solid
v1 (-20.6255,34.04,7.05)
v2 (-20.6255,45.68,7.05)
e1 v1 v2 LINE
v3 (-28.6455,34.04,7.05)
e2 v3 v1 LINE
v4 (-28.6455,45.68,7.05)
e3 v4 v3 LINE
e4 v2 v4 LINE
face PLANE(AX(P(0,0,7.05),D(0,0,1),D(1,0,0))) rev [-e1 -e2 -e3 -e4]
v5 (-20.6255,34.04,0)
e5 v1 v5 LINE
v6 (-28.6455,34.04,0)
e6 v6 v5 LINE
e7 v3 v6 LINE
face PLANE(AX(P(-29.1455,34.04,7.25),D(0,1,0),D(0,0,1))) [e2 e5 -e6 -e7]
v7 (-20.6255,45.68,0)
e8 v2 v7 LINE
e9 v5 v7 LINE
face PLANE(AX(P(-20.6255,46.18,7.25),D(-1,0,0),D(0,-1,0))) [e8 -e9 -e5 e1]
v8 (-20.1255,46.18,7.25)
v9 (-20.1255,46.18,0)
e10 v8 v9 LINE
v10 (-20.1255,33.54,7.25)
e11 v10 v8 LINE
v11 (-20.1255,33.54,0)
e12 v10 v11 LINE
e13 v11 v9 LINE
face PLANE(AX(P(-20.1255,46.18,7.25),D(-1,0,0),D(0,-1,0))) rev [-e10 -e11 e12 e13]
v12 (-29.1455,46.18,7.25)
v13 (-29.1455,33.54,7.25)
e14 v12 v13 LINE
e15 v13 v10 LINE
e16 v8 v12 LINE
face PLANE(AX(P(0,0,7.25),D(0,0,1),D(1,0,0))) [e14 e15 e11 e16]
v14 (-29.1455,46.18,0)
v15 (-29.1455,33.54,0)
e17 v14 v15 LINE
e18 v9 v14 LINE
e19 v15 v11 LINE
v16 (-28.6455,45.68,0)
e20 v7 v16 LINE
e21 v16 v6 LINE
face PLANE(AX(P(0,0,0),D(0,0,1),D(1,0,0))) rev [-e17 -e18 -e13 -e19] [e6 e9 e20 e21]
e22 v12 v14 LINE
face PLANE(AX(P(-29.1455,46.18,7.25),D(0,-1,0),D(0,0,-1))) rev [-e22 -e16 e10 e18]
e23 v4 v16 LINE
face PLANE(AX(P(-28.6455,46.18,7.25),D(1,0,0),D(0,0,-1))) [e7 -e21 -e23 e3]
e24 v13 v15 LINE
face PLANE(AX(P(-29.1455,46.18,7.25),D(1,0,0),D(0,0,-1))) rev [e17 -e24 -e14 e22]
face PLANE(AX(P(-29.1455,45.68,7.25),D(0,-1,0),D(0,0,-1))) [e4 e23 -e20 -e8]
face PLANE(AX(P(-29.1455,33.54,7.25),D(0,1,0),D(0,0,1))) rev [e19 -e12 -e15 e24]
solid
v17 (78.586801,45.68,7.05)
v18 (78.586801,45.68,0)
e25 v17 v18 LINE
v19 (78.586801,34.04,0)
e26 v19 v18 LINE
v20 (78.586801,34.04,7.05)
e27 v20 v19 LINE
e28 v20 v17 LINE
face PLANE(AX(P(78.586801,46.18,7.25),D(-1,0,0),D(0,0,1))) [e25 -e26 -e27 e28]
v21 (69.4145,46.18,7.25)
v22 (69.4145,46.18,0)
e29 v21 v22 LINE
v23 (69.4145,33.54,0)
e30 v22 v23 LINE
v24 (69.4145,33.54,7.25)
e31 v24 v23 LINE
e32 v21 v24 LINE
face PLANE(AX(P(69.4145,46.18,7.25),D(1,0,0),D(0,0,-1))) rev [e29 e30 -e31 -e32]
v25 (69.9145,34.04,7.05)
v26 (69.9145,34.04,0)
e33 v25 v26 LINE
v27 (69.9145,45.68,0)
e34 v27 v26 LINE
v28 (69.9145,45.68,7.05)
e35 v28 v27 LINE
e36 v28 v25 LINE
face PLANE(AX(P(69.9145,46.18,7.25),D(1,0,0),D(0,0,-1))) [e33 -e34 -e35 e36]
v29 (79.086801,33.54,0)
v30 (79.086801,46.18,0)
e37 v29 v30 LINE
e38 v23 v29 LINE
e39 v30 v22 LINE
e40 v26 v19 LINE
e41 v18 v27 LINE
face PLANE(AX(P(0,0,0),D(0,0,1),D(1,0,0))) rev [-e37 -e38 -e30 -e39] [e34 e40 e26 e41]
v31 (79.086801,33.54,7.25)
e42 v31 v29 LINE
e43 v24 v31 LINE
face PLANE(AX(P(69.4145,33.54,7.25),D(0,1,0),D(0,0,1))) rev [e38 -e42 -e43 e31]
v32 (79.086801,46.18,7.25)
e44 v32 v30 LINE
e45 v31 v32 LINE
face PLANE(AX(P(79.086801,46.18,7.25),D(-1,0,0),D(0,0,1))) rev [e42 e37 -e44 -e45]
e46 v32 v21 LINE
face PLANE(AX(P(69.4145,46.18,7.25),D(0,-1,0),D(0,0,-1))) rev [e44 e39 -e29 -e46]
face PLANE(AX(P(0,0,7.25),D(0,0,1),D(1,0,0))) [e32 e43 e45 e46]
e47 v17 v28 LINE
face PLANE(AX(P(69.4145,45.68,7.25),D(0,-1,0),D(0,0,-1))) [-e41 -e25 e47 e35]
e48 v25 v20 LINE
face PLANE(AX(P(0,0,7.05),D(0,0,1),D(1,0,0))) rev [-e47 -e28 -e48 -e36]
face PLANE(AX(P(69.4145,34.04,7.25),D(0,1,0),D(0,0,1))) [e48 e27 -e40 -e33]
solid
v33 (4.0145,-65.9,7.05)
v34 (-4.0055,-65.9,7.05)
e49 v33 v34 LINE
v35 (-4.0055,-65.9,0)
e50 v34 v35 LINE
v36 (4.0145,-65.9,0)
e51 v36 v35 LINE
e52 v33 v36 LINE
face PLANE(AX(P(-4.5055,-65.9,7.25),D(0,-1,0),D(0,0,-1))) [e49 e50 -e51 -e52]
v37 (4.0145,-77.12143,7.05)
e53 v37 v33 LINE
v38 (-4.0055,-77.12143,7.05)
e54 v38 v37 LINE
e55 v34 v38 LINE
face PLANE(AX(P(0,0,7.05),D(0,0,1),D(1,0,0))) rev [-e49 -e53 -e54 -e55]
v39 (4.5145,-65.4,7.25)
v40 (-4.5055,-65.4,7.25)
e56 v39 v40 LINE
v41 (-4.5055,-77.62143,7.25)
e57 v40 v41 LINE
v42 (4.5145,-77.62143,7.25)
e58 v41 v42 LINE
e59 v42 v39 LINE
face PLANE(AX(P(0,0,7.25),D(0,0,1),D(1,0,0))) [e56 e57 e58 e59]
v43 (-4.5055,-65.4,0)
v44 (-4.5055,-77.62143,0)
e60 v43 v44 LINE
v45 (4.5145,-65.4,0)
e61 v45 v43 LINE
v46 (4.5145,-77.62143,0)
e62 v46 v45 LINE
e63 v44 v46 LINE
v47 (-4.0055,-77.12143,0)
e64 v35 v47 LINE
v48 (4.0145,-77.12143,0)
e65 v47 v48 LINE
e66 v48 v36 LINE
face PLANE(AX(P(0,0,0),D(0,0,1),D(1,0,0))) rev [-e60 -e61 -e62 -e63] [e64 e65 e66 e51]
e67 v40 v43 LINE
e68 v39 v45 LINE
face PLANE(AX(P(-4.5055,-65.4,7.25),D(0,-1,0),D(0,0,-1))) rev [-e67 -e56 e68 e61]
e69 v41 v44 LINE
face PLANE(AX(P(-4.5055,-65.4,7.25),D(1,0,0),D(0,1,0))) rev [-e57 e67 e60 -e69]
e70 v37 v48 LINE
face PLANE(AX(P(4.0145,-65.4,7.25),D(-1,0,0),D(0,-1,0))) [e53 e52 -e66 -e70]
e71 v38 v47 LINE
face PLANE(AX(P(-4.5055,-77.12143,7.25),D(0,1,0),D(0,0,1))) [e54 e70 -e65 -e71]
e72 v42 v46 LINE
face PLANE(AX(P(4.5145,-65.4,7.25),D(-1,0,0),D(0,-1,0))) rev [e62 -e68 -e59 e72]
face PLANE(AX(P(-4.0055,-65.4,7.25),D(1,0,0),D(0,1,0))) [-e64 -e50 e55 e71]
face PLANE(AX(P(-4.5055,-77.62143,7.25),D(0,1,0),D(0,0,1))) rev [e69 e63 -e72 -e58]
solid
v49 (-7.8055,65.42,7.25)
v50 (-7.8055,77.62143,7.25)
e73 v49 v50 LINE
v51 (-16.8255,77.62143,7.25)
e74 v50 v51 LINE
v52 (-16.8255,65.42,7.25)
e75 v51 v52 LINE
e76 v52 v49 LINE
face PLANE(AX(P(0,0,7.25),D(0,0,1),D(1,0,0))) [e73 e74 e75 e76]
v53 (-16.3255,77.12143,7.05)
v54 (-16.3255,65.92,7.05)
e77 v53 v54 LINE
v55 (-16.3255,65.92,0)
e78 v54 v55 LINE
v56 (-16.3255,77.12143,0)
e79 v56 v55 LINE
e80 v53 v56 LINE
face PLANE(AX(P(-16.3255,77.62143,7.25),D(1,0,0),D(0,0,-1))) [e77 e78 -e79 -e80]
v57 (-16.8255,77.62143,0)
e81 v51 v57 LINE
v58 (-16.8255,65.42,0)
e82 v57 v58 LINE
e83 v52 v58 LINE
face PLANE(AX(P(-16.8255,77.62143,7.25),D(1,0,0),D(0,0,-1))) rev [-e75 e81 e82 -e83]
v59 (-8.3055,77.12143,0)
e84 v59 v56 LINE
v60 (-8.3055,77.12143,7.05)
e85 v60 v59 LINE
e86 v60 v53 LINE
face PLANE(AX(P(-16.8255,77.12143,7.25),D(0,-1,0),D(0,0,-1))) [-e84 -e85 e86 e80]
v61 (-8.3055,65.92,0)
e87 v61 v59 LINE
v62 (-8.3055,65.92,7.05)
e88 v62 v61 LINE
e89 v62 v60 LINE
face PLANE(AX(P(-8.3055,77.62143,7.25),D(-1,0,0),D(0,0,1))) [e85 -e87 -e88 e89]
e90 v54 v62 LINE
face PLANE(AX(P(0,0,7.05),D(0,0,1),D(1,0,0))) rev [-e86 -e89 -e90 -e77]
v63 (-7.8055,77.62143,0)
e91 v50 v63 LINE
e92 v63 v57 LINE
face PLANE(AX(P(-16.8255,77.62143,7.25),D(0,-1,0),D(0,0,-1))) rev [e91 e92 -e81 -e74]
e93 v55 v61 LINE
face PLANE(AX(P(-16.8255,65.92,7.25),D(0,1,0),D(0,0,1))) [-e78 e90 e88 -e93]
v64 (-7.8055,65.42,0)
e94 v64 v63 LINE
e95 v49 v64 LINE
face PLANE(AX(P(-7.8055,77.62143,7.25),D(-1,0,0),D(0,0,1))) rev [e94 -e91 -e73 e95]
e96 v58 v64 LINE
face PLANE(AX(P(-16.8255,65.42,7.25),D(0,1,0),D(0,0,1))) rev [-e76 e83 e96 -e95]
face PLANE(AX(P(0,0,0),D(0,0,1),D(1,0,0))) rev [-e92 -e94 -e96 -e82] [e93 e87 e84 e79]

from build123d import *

# Parameters (mm, degrees)
SKETCH1_W                 = 9.02
SKETCH1_H                 = 12.201430126
BOSS_EXTRUDE1_DEPTH       = 7.25
SKETCH1_H_2               = 12.64
BOSS_EXTRUDE1_2_DEPTH     = 7.25
SKETCH1_W_2               = 9.67230149
BOSS_EXTRUDE1_3_DEPTH     = 7.25
SKETCH1_H_3               = 12.221430126
BOSS_EXTRUDE1_4_DEPTH     = 7.25
SHELL1_T                  = -0.5
SHELL1_THICKNESS_2_FACE_W = 8.02
SHELL1_THICKNESS_2_FACE_H = 11.201430126
SHELL1_THICKNESS_2_DEPTH  = 0.3
SHELL2_T                  = -0.5
SHELL2_THICKNESS_2_FACE_W = 8.02
SHELL2_THICKNESS_2_FACE_H = 11.64
SHELL2_THICKNESS_2_DEPTH  = 0.3
SHELL3_T                  = -0.5
SHELL3_THICKNESS_2_FACE_W = 8.67230149
SHELL3_THICKNESS_2_FACE_H = 11.64
SHELL3_THICKNESS_2_DEPTH  = 0.3
SHELL4_T                  = -0.5
SHELL4_THICKNESS_2_FACE_W = 8.02
SHELL4_THICKNESS_2_FACE_H = 11.221430126
SHELL4_THICKNESS_2_DEPTH  = 0.3


with BuildPart() as part:
    # Sketch1 → Boss-Extrude1 (new body)
    with BuildSketch(Plane.XY):
        with Locations((-12.3155, 71.520715063)):
            Rectangle(SKETCH1_W, SKETCH1_H)
    extrude(amount=BOSS_EXTRUDE1_DEPTH)

    # Shell1
    shell1_openings = [part.faces().sort_by_distance(p)[0] for p in [
        (-12.3155, 71.520715063, 0),
    ]]
    offset(amount=SHELL1_T, openings=shell1_openings, kind=Kind.INTERSECTION)

    # Shell1 thickness 2 face (on inner face of the shell) → Shell1 thickness 2 (cut)
    with BuildSketch(Plane(origin=(-12.3155, 71.520715063, 6.75), x_dir=(1, 0, 0), z_dir=(0, 0, 1))):
        Rectangle(SHELL1_THICKNESS_2_FACE_W, SHELL1_THICKNESS_2_FACE_H)
    extrude(amount=SHELL1_THICKNESS_2_DEPTH, mode=Mode.SUBTRACT)


with BuildPart() as body_2:
    # Sketch1 → Boss-Extrude1 2 (new body)
    with BuildSketch(Plane.XY):
        with Locations((-24.6355, 39.86)):
            Rectangle(SKETCH1_W, SKETCH1_H_2)
    extrude(amount=BOSS_EXTRUDE1_2_DEPTH)

    # Shell2
    shell2_openings = [body_2.faces().sort_by_distance(p)[0] for p in [
        (-24.6355, 39.86, 0),
    ]]
    offset(amount=SHELL2_T, openings=shell2_openings, kind=Kind.INTERSECTION)

    # Shell2 thickness 2 face (on inner face of the shell) → Shell2 thickness 2 (cut)
    with BuildSketch(Plane(origin=(-24.6355, 39.86, 6.75), x_dir=(1, 0, 0), z_dir=(0, 0, 1))):
        Rectangle(SHELL2_THICKNESS_2_FACE_W, SHELL2_THICKNESS_2_FACE_H)
    extrude(amount=SHELL2_THICKNESS_2_DEPTH, mode=Mode.SUBTRACT)


with BuildPart() as body_3:
    # Sketch1 → Boss-Extrude1 3 (new body)
    with BuildSketch(Plane.XY):
        with Locations((74.250650745, 39.86)):
            Rectangle(SKETCH1_W_2, SKETCH1_H_2)
    extrude(amount=BOSS_EXTRUDE1_3_DEPTH)

    # Shell3
    shell3_openings = [body_3.faces().sort_by_distance(p)[0] for p in [
        (74.250650745, 39.86, 0),
    ]]
    offset(amount=SHELL3_T, openings=shell3_openings, kind=Kind.INTERSECTION)

    # Shell3 thickness 2 face (on inner face of the shell) → Shell3 thickness 2 (cut)
    with BuildSketch(Plane(origin=(74.250650745, 39.86, 6.75), x_dir=(1, 0, 0), z_dir=(0, 0, 1))):
        Rectangle(SHELL3_THICKNESS_2_FACE_W, SHELL3_THICKNESS_2_FACE_H)
    extrude(amount=SHELL3_THICKNESS_2_DEPTH, mode=Mode.SUBTRACT)


with BuildPart() as body_4:
    # Sketch1 → Boss-Extrude1 4 (new body)
    with BuildSketch(Plane.XY):
        with Locations((0.0045, -71.510715063)):
            Rectangle(SKETCH1_W, SKETCH1_H_3)
    extrude(amount=BOSS_EXTRUDE1_4_DEPTH)

    # Shell4
    shell4_openings = [body_4.faces().sort_by_distance(p)[0] for p in [
        (0.0045, -71.510715063, 0),
    ]]
    offset(amount=SHELL4_T, openings=shell4_openings, kind=Kind.INTERSECTION)

    # Shell4 thickness 2 face (on inner face of the shell) → Shell4 thickness 2 (cut)
    with BuildSketch(Plane(origin=(0.0045, -71.510715063, 6.75), x_dir=(1, 0, 0), z_dir=(0, 0, 1))):
        Rectangle(SHELL4_THICKNESS_2_FACE_W, SHELL4_THICKNESS_2_FACE_H)
    extrude(amount=SHELL4_THICKNESS_2_DEPTH, mode=Mode.SUBTRACT)


solid = Compound([part.part, body_2.part, body_3.part, body_4.part])
